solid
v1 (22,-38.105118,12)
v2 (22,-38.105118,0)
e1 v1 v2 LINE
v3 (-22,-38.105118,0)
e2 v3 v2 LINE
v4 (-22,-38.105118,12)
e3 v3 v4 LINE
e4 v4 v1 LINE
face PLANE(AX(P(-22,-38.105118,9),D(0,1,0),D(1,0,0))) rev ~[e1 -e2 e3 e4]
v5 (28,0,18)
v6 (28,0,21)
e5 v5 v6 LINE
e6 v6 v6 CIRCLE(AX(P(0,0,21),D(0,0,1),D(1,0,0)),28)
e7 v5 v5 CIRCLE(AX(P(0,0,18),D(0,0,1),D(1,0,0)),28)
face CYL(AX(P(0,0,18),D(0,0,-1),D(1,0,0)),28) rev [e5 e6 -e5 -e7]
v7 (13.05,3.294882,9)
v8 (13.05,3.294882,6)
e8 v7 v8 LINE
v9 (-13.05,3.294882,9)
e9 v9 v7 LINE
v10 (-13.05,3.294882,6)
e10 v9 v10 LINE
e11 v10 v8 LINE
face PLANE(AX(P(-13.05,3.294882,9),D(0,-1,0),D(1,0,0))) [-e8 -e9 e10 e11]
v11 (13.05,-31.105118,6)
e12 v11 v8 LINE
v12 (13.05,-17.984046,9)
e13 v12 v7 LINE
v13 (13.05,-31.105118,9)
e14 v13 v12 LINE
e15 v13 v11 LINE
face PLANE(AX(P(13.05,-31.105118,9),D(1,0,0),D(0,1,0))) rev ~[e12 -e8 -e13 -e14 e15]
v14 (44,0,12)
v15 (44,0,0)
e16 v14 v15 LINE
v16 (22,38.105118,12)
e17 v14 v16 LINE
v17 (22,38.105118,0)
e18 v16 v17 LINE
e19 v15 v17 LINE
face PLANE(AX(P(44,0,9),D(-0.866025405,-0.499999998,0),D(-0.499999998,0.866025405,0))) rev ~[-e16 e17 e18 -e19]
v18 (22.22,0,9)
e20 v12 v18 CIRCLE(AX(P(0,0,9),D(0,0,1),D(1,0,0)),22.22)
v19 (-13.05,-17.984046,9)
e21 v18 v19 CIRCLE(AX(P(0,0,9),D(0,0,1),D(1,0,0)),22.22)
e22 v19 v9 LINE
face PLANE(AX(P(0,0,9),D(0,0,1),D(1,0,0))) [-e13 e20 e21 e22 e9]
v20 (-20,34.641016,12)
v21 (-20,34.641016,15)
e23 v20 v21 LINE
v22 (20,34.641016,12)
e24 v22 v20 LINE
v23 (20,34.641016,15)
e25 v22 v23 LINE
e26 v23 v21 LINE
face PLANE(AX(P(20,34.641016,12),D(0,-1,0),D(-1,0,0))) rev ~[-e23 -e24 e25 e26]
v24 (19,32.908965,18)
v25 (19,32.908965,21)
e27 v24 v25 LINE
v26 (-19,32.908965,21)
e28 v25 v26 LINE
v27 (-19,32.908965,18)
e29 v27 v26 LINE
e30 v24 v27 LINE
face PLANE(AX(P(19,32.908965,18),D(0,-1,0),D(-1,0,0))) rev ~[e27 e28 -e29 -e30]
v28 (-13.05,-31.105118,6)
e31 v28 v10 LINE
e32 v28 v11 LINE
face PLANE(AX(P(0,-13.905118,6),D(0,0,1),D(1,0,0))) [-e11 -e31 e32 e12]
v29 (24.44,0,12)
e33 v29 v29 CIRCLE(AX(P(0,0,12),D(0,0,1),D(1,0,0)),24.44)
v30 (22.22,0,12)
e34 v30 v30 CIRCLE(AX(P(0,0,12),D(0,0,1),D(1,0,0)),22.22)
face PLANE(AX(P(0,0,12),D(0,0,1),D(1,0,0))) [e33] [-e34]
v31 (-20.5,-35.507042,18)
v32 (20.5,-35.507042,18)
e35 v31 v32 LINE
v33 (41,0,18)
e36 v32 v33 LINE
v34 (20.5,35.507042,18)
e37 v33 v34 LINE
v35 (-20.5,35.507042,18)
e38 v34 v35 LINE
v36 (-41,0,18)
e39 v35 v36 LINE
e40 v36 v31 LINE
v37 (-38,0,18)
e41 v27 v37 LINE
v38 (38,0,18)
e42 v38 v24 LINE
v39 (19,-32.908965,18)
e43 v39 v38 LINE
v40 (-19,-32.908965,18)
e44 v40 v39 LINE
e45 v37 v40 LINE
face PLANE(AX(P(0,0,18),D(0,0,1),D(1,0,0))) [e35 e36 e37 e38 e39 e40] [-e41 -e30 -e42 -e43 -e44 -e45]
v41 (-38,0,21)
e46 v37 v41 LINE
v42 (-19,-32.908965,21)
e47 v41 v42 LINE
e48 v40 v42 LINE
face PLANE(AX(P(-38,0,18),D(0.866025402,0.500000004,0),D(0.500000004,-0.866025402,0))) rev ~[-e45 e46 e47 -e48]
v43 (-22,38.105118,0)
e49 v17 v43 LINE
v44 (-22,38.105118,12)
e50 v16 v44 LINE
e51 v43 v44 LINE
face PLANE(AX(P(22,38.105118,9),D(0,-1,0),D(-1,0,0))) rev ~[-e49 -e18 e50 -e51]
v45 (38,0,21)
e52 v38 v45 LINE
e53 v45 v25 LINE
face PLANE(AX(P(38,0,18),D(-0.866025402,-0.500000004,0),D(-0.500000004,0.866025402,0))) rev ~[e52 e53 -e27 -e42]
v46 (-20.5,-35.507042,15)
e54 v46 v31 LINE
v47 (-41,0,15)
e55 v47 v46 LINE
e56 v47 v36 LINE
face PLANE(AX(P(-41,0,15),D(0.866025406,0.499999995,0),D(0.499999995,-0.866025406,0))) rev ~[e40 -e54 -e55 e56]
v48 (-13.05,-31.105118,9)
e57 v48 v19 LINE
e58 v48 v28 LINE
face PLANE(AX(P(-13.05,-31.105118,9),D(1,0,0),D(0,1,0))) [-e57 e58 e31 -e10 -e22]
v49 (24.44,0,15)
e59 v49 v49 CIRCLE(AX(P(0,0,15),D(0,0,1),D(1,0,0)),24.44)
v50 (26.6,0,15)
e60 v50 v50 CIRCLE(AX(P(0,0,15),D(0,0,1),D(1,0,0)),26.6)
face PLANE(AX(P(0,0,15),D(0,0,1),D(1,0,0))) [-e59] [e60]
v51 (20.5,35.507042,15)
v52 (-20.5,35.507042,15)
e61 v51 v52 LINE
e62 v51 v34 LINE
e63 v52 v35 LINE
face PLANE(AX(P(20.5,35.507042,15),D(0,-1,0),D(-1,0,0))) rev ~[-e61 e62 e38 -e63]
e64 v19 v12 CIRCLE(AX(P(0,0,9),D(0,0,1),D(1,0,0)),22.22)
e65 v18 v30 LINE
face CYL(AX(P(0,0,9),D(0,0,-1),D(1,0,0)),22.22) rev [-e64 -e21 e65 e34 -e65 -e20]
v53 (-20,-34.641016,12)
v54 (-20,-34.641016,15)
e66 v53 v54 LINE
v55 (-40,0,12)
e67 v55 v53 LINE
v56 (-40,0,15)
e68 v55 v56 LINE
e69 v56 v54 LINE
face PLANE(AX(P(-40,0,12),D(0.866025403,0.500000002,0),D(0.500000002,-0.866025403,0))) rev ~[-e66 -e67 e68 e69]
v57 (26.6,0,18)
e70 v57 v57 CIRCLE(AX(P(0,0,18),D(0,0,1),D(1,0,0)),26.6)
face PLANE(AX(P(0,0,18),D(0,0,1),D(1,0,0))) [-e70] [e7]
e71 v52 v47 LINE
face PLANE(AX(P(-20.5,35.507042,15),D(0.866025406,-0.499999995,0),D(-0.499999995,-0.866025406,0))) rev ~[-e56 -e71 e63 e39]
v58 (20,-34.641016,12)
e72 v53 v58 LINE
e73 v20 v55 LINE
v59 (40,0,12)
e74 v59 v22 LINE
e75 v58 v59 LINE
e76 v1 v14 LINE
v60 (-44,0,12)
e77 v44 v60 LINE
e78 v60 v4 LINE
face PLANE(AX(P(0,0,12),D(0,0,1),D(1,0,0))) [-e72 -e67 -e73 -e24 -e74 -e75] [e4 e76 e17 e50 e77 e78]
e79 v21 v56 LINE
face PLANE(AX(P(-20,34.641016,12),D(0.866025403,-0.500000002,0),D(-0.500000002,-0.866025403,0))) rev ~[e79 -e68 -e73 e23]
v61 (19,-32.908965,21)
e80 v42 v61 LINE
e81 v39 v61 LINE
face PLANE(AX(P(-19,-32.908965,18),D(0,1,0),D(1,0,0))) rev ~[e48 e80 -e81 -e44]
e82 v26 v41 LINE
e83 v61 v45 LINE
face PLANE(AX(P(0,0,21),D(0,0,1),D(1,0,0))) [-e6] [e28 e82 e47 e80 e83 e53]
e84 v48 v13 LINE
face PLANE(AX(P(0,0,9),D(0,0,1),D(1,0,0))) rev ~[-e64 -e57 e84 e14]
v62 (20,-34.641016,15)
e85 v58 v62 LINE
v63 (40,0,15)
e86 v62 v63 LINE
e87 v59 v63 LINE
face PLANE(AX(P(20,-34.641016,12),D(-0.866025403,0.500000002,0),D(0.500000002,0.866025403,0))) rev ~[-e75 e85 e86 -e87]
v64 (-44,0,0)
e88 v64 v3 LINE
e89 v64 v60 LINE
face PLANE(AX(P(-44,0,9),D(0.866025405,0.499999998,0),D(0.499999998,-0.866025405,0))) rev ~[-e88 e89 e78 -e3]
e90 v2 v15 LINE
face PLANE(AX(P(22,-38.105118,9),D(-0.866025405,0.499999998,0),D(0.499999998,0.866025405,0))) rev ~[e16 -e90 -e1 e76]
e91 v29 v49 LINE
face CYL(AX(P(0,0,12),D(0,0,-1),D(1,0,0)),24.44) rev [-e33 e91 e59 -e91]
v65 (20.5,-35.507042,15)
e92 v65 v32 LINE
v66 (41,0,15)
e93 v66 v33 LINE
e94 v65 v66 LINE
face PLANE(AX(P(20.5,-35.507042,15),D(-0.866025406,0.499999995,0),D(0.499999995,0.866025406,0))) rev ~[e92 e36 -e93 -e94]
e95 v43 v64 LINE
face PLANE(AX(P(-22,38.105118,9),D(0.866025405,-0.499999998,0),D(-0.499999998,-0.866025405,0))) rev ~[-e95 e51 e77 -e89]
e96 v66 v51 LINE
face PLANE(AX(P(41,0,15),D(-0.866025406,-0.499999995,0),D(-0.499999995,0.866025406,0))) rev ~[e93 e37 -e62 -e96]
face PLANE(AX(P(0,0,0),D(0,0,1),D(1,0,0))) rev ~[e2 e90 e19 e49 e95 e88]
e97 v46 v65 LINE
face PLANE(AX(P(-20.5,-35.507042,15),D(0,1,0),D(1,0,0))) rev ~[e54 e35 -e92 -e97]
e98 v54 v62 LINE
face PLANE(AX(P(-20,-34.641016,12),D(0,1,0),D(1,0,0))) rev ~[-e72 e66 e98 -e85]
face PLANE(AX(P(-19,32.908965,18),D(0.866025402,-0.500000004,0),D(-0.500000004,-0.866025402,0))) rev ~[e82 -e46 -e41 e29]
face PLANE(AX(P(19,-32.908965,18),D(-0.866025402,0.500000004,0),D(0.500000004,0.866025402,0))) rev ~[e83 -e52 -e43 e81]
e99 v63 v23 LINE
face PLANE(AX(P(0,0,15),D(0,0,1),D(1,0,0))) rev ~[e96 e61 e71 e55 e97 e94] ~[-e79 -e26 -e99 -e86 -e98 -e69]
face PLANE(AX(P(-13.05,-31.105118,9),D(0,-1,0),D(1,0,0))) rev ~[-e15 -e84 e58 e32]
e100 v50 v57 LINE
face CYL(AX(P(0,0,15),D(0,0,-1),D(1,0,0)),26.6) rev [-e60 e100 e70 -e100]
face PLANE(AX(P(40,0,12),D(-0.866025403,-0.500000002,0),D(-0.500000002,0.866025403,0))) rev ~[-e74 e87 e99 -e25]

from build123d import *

# Parameters (mm, degrees)
PAD_DEPTH    = 9
SKETCH001_W  = 26.1
SKETCH001_H  = 34.4
POCKET_DEPTH = 3
SKETCH002_R  = 22.22
PAD001_DEPTH = 3
SKETCH003_R  = 24.44
PAD002_DEPTH = 3
SKETCH004_R  = 26.6
PAD003_DEPTH = 3
SKETCH005_R  = 28
PAD004_DEPTH = 3


with BuildPart() as part:
    # Sketch → Pad (new body)
    with BuildSketch(Plane.XY):
        Polygon((44, 0), (22, 38.105118), (-22, 38.105118), (-44, 0), (-22, -38.105118), (22, -38.105118), align=None)
    extrude(amount=PAD_DEPTH)

    # Sketch001 (on Face8 of Pad) → Pocket (cut)
    with BuildSketch(Plane.XY.offset(9)):
        with Locations((0, -13.905118)):
            Rectangle(SKETCH001_W, SKETCH001_H)
    extrude(amount=-POCKET_DEPTH, mode=Mode.SUBTRACT)

    # Sketch002 (on Face5 of Pocket) → Pad001 (join)
    with BuildSketch(Plane.XY.offset(9)):
        Polygon((22, 38.105118), (-22, 38.105118), (-44, 0), (-22, -38.105118), (22, -38.105118), (44, 0), align=None)
        Circle(SKETCH002_R, mode=Mode.SUBTRACT)
    extrude(amount=PAD001_DEPTH)

    # Sketch003 (on Face14 of Pad001) → Pad002 (join)
    with BuildSketch(Plane.XY.offset(12)):
        Polygon((40, 0), (20, 34.641016), (-20, 34.641016), (-40, 0), (-20, -34.641016), (20, -34.641016), align=None)
        Circle(SKETCH003_R, mode=Mode.SUBTRACT)
    extrude(amount=PAD002_DEPTH)

    # Sketch004 (on Face21 of Pad002) → Pad003 (join)
    with BuildSketch(Plane.XY.offset(15)):
        Polygon((41, 0), (20.5, 35.507042), (-20.5, 35.507042), (-41, 0), (-20.5, -35.507042), (20.5, -35.507042), align=None)
        Circle(SKETCH004_R, mode=Mode.SUBTRACT)
    extrude(amount=PAD003_DEPTH)

    # Sketch005 (on Face28 of Pad003) → Pad004 (join)
    with BuildSketch(Plane.XY.offset(18)):
        Polygon((19, 32.908965), (-19, 32.908965), (-38, 0), (-19, -32.908965), (19, -32.908965), (38, 0), align=None)
        Circle(SKETCH005_R, mode=Mode.SUBTRACT)
    extrude(amount=PAD004_DEPTH)


solid = part.part
